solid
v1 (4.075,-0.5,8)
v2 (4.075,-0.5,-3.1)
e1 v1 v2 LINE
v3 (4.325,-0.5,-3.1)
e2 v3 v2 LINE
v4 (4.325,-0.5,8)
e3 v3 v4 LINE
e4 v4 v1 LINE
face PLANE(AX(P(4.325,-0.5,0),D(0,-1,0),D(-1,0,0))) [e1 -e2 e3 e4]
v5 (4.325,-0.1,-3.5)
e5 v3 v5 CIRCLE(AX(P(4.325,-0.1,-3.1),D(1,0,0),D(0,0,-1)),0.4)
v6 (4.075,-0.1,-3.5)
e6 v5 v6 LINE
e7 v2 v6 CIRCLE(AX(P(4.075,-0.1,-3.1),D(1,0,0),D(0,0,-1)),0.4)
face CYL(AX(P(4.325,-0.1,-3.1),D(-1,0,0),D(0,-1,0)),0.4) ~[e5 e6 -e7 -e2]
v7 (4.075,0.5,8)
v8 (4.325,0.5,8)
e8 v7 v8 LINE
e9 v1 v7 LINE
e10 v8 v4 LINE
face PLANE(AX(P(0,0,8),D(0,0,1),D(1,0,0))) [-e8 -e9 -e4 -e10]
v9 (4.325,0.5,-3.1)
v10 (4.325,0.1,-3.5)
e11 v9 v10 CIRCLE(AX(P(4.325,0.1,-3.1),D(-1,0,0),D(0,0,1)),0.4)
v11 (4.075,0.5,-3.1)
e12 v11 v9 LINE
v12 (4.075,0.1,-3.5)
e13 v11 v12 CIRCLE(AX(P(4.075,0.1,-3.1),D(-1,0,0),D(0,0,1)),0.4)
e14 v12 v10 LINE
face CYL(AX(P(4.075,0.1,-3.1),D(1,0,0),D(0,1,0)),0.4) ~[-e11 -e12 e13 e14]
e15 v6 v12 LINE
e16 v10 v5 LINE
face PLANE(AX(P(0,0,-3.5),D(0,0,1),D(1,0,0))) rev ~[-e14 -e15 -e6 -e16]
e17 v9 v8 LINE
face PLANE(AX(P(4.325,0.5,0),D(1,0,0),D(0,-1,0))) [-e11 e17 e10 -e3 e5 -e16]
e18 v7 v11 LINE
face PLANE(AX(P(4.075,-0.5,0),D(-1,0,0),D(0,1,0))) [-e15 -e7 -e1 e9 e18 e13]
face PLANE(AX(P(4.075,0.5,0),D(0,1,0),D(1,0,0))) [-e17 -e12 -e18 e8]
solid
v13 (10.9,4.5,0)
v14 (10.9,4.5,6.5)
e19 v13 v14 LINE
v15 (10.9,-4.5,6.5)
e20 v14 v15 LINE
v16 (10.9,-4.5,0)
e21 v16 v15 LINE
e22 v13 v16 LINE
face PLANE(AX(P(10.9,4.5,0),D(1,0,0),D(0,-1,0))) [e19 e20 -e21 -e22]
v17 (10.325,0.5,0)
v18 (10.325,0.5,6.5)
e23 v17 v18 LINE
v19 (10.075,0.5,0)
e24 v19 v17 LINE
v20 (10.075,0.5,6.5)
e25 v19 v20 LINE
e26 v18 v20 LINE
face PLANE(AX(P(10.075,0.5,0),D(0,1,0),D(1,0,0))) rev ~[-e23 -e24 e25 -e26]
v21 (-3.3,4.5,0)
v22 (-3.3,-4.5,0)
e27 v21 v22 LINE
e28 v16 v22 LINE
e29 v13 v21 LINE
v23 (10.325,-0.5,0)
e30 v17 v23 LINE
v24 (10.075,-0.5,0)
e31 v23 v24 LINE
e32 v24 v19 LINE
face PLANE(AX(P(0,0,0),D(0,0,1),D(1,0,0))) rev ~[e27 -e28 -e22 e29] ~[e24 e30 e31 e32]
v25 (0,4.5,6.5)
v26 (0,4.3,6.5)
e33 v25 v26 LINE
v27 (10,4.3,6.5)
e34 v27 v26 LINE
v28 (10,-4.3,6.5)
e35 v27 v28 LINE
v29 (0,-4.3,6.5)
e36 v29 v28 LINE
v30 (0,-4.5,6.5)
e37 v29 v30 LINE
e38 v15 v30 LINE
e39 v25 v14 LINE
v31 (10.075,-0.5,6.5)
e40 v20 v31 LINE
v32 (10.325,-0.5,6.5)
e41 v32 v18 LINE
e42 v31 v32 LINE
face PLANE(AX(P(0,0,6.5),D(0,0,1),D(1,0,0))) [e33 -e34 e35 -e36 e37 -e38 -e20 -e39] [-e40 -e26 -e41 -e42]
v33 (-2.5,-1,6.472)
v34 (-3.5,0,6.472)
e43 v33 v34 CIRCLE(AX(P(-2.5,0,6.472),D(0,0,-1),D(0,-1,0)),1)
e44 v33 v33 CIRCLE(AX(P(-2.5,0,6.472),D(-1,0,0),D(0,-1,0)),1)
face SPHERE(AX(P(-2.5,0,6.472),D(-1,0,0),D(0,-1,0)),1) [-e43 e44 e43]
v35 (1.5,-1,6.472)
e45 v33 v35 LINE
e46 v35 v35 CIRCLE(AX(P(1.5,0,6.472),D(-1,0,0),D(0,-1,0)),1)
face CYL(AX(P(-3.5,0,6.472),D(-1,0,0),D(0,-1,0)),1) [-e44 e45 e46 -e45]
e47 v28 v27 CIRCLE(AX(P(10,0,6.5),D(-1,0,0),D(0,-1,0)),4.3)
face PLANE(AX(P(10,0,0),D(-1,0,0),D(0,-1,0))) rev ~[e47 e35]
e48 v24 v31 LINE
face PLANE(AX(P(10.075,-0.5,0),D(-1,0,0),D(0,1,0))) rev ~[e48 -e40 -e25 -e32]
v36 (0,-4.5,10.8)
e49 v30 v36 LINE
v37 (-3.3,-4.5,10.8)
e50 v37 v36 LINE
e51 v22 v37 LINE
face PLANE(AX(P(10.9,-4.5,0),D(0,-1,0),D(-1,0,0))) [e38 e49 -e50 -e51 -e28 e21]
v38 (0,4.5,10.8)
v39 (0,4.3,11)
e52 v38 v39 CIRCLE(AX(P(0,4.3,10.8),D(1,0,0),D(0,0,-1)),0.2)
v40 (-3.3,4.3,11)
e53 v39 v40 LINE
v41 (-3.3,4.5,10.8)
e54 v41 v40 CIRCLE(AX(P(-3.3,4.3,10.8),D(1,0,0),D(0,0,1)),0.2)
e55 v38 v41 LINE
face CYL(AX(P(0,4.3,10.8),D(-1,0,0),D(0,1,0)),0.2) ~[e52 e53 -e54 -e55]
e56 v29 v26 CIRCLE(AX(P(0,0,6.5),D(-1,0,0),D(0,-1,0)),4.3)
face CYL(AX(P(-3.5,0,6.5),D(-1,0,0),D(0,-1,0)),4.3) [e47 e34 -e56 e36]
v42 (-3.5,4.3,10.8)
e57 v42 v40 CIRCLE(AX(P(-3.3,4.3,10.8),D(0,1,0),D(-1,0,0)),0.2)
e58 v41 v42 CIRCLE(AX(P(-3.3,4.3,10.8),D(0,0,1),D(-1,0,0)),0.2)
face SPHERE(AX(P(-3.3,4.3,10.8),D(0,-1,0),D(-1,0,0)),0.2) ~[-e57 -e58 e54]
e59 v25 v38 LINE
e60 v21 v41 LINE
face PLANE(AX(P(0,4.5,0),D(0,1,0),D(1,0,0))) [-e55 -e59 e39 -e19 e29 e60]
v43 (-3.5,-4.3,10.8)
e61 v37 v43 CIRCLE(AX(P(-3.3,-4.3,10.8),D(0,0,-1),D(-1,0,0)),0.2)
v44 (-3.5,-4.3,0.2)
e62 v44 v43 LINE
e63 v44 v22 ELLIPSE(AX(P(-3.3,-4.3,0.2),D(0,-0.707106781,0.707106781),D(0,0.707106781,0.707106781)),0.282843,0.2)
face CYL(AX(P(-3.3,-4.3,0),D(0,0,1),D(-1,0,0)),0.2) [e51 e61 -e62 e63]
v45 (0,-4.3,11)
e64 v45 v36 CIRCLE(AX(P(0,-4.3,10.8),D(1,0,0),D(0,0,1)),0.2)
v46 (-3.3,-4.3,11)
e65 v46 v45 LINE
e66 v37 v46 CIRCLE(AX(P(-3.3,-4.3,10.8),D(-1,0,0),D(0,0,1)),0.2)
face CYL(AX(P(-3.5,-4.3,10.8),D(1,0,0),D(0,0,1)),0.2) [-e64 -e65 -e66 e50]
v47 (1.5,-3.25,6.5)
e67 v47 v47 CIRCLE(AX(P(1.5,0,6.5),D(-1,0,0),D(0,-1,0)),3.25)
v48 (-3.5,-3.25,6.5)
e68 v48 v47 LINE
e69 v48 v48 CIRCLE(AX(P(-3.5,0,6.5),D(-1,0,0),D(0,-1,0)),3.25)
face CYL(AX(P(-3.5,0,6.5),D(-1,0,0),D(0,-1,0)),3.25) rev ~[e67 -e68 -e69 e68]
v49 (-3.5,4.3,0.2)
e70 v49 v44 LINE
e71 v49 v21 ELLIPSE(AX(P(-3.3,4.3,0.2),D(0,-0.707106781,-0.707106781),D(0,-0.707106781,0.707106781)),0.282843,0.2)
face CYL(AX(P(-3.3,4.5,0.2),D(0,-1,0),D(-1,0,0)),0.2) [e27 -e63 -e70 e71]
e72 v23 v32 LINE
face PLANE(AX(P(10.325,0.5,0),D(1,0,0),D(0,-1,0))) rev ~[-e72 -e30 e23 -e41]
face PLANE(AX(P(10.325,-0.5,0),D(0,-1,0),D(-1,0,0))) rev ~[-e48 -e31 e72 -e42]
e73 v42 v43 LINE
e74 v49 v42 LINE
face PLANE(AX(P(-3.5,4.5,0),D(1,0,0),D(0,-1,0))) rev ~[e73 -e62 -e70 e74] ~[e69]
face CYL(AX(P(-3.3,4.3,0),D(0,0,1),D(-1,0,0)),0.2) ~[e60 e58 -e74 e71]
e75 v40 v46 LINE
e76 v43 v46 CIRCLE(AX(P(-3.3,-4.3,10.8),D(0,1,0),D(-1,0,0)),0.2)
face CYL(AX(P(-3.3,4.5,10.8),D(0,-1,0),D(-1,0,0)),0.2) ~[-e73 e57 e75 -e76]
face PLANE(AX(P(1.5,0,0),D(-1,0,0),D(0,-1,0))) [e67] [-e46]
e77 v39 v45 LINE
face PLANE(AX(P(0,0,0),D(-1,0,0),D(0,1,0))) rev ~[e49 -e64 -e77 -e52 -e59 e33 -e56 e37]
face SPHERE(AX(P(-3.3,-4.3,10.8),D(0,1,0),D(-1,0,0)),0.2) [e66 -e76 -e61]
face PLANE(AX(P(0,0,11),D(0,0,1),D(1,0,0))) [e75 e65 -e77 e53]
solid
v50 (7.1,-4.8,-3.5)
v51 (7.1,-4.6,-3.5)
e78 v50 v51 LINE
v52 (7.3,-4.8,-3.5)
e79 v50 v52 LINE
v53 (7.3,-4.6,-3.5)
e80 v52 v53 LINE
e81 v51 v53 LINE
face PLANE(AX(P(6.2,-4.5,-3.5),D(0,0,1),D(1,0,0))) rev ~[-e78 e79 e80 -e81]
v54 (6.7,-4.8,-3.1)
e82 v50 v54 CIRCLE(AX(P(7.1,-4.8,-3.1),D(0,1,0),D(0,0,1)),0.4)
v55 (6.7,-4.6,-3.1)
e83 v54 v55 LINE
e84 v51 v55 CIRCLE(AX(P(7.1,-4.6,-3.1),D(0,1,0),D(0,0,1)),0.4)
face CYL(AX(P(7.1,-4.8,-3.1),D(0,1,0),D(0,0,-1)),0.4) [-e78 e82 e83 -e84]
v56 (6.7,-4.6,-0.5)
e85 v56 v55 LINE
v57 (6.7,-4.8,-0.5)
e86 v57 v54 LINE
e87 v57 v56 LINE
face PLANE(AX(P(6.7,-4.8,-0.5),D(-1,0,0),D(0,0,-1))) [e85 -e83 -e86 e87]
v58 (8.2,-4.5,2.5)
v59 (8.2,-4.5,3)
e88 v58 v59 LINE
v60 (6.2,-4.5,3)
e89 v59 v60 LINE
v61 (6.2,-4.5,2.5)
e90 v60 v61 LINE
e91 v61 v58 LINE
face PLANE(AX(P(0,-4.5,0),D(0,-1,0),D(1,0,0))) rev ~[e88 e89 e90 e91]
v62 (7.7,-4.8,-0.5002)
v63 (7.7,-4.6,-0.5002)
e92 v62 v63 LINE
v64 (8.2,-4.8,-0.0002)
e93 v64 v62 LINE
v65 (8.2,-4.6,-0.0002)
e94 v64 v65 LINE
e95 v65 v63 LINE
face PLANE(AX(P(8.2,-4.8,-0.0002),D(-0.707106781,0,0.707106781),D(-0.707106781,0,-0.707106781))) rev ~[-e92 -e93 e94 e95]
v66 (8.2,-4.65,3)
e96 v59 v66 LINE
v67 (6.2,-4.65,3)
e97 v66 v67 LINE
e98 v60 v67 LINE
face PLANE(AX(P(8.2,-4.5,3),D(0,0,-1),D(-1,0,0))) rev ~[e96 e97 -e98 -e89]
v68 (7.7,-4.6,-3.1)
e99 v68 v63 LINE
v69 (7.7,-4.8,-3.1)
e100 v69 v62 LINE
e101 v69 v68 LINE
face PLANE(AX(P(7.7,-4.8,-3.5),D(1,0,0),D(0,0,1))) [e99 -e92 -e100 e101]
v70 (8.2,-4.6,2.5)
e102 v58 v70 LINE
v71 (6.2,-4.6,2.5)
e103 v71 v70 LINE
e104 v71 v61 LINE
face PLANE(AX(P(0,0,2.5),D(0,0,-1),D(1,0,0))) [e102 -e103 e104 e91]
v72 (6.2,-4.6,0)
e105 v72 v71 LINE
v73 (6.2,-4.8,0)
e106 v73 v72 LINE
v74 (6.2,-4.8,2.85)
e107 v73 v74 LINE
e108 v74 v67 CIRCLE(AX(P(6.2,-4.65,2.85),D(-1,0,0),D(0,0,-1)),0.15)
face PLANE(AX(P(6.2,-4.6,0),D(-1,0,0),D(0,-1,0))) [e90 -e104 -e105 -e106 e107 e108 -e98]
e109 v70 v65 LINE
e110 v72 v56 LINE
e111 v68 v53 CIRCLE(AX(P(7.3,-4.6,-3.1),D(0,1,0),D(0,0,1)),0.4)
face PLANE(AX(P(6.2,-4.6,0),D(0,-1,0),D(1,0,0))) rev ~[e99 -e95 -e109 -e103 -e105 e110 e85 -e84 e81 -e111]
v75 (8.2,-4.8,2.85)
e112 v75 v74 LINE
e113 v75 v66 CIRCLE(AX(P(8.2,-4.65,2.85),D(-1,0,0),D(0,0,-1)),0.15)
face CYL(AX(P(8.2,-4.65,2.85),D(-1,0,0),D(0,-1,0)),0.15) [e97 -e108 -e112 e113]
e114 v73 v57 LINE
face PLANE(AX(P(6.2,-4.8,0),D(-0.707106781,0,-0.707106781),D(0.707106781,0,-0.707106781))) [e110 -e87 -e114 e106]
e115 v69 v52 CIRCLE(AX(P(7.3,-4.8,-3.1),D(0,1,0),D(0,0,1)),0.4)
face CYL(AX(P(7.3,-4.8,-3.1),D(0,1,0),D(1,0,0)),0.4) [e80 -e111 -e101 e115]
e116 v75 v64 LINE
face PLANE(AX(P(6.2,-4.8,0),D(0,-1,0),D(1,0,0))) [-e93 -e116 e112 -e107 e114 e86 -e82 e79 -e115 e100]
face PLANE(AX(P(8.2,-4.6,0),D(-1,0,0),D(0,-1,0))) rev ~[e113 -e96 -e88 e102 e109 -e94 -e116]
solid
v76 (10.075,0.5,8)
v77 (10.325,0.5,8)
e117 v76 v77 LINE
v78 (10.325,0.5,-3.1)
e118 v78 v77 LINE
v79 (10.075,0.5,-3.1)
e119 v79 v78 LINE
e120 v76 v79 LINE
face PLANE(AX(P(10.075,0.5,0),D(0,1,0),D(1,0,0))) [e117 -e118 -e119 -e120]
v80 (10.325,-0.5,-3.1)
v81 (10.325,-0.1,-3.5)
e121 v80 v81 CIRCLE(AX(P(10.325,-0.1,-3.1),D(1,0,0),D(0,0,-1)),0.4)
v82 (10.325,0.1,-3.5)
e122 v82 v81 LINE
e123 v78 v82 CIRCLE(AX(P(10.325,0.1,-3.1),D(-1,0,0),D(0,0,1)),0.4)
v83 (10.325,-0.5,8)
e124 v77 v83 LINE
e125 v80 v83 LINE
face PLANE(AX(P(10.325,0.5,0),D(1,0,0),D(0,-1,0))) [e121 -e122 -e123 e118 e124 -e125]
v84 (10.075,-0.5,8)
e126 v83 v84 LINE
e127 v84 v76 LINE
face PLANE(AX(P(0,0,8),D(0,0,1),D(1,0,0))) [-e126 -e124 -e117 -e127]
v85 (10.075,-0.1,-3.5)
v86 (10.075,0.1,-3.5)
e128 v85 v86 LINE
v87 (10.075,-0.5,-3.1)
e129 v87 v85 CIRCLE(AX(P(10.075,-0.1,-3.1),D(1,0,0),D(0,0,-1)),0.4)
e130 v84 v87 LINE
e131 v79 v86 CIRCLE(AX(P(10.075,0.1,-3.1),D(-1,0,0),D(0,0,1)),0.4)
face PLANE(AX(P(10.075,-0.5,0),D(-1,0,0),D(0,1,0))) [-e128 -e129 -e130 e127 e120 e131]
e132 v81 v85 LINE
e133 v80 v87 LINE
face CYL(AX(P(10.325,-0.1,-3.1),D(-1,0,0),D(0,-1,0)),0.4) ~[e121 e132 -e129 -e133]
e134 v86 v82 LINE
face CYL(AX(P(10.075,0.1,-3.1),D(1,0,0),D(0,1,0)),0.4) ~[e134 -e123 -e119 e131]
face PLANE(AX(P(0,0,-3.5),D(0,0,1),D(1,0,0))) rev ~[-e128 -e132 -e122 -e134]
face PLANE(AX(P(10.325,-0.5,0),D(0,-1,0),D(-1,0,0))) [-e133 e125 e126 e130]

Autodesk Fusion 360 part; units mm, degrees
sketch "Sketch1" plane through (0, 0, 0) normal (0, 0, 1) x (1, 0, 0)
  line L0 (0, 0) -> (0, 4.5)
  line L1 (0, 4.5) -> (-3.5, 4.5)
  line L2 (-3.5, 4.5) -> (-3.5, -4.5)
  line L3 (-3.5, -4.5) -> (0, -4.5)
  line L4 (0, -4.5) -> (0, 0)
  line L5 (0, 4.5) -> (10.9, 4.5)
  line L6 (10.9, 4.5) -> (10.9, -4.5)
  line L7 (10.9, -4.5) -> (0, -4.5)
  line L8 (0, -4.5) -> (0, 4.5)
  dimension "d1" = 4.5
  dimension "d2" = 3.5
  dimension "d3" = 9
  dimension "d4" = 10.9
  dimension "d5" = 9
extrude "Extrude1" add sketch "Sketch1" along normal blind 6.5 contours L0 L4 L5 L6 L7 L8 makes body 1
extrude "Extrude2" add sketch "Sketch1" along normal blind 11 contours L0 L1 L2 L3 L4 L8 bodies 1
sketch "Sketch2" plane through (-3.5, 0, 0) normal (-1, 0, 0) x (0, -1, 0)
  line L0 (-4.5, 0) -> (4.5, 0)
  line L1 (4.5, 0) -> (4.5, 11)
  line L2 (4.5, 11) -> (-4.5, 11)
  line L3 (-4.5, 11) -> (-4.5, 0)
  line L4 (0, 11) -> (0, 0) construction
  line L5 (-4.5, 6.5) -> (4.5, 6.5) construction
  circle A0 centre (0, 6.5) radius 4.3
  circle A1 centre (0, 6.5) radius 3.25
  circle A2 centre (0, 6.472) radius 1
  dimension "d10" = 8.6
  dimension "d11" = 6.5
  dimension "d14" = 2
extrude "Extrude3" add sketch "Sketch2" against normal blind 13.5 contours A0 | A1 | A2 bodies 1
extrude "Extrude4" cut sketch "Sketch2" against normal blind 5 contours A1 bodies 1
sketch "Sketch3" plane through (0, 0, 0) normal (0, 0, 1) x (1, 0, 0)
  line L0 (4.325, -0.5) -> (4.075, -0.5)
  line L1 (4.075, -0.5) -> (4.075, 0.5)
  line L2 (4.075, 0.5) -> (4.325, 0.5)
  line L3 (4.325, 0.5) -> (4.325, -0.5)
  line L4 (4.325, -0.5) -> (4.075, 0.5) construction
  line L5 (4.075, -0.5) -> (4.325, 0.5) construction
  line L6 (3.325, 0.5) -> (3.325, -0.5)
  line L7 (-3.5, 4.5) -> (-3.5, -4.5)
  line L8 (10.325, -0.5) -> (10.075, -0.5)
  line L9 (10.075, -0.5) -> (10.075, 0.5)
  line L10 (10.075, 0.5) -> (10.325, 0.5)
  line L11 (10.325, 0.5) -> (10.325, -0.5)
  line L12 (10.325, -0.5) -> (10.075, 0.5) construction
  line L13 (10.075, -0.5) -> (10.325, 0.5) construction
  point P0 (4.2, 0)
  point P1 (10.2, 0)
  dimension "d17" = 0.25
  dimension "d18" = 1
  dimension "d19" = 1
  dimension "d20" = 7.7
  dimension "d21" = 1
  dimension "d22" = 0.25
  dimension "d23" = 6
extrude "Extrude11" cut sketch "Sketch3" along normal blind 10 contours L8 L9 L10 L11 bodies 1
extrude "Extrude5" add sketch "Sketch3" along normal blind 8 and the other way blind 3.5 separate body makes body 2 at (4.325, -0.1667, 4.1667) makes body 3 at (10.325, -0.1667, 4.1667)
sketch "Sketch4" plane through (0, -4.5, 0) normal (0, -1, 0) x (1, 0, 0)
  line L0 (-3.5, 0) -> (10.9, 0)
  line L1 (10.9, 0) -> (10.9, 6.5)
  line L2 (10.9, 6.5) -> (0, 6.5)
  line L3 (0, 6.5) -> (0, 11)
  line L4 (0, 11) -> (-3.5, 11)
  line L5 (-3.5, 11) -> (-3.5, 0)
  line L6 (8.2, 3) -> (6.2, 3)
  line L7 (6.2, 3) -> (6.2, 0)
  line L8 (6.2, 0) -> (8.2, 0)
  line L9 (8.2, 0) -> (8.2, 3)
  line L10 (8.2, 3) -> (6.2, 0) construction
  line L11 (6.2, 3) -> (8.2, 0) construction
  line L12 (-3.5, 11) -> (-3.5, 0)
  line L13 (10.9, 0) -> (0, 0)
  point P0 (7.2, 1.5)
  dimension "d26" = 2
  dimension "d27" = 3
  dimension "d28" = 10.7
  dimension "d29" = 1.5
extrude "Extrude6" add sketch "Sketch4" along normal blind 0.3 separate body contours L0 L6 L7 L8 L9 L13 makes body 4
sketch "Sketch5" plane through (0, 0, 0) normal (0, 0, -1) x (1, 0, 0)
  line L0 (6.2, 4.6) -> (8.2, 4.6)
  line L1 (6.2, 4.5) -> (8.2, 4.5)
  line L2 (8.2, 4.5) -> (8.2, 4.8)
  line L3 (8.2, 4.8) -> (6.2, 4.8)
  line L4 (6.2, 4.8) -> (6.2, 4.5)
extrude "Extrude10" cut sketch "Sketch5" against normal blind 2.5 contours L0 L1 L2 L4 bodies 4
extrude "Extrude8" add 1 faces at (7.5333, -4.7333, 0) along direction (0, 0, -1) blind 3.5 on bodies 4 bodies 4
sketch "Sketch6" plane through (0, -4.8, 0) normal (0, -1, 0) x (1, 0, 0)
  line L0 (8.2, -3.5) -> (8.2, 3)
  line L1 (8.2, 3) -> (6.2, 3)
  line L2 (6.2, 3) -> (6.2, -3.5)
  line L3 (6.2, -3.5) -> (8.2, -3.5)
  line L4 (7.7, 0) -> (6.7, 0)
  line L5 (6.7, 0) -> (6.7, -3.5)
  line L6 (6.7, -3.5) -> (7.7, -3.5)
  line L7 (7.7, -3.5) -> (7.7, 0)
  line L8 (7.7, 0) -> (6.7, -3.5) construction
  line L9 (6.7, 0) -> (7.7, -3.5) construction
  line L10 (6.2, 0) -> (6.7126, -0.5126)
  line L11 (8.2, -0.0002) -> (7.6389, -0.5613)
  line L12 (8.2, -0.0002) -> (8.9935, -0.0002) construction
  point P0 (7.2, -1.75)
  dimension "d36" = 1
  dimension "d37" = 3.5
  dimension "d38" = 1.75
  dimension "d39" = 1
  dimension "d41" = 135
extrude "Extrude9" cut sketch "Sketch6" against normal up to surface (0.2 mm away) contours L0 L3 L7 L11 | L2 L3 L5 L10 bodies 4
fillet "Fillet1" radius 0.4 6 edges at (4.2, -0.5, -3.5) (4.2, 0.5, -3.5) (10.2, -0.5, -3.5) (10.2, 0.5, -3.5) (7.7, -4.7, -3.5) (6.7, -4.7, -3.5) on bodies 2 3 4
fillet "Fillet2" radius 1 1 edges at (-3.5, 0.9323, 6.1104) on bodies 1
fillet "Fillet3" radius 0.2 6 edges at (-3.5, 0, 11) (-3.5, -4.5, 5.5) (-3.5, 4.5, 5.5) (-3.5, 0, 0) (-1.75, 4.5, 11) (-1.75, -4.5, 11) on bodies 1
fillet "Fillet4" radius 0.15 1 edges at (7.2, -4.8, 3) on bodies 4
equation "d4 = 14.4 mm - 3.5 mm"
equation "d20 = 10.7 mm - 3 mm"
equation "d38 = ( 3.5 / 2 ) * 1 mm"
